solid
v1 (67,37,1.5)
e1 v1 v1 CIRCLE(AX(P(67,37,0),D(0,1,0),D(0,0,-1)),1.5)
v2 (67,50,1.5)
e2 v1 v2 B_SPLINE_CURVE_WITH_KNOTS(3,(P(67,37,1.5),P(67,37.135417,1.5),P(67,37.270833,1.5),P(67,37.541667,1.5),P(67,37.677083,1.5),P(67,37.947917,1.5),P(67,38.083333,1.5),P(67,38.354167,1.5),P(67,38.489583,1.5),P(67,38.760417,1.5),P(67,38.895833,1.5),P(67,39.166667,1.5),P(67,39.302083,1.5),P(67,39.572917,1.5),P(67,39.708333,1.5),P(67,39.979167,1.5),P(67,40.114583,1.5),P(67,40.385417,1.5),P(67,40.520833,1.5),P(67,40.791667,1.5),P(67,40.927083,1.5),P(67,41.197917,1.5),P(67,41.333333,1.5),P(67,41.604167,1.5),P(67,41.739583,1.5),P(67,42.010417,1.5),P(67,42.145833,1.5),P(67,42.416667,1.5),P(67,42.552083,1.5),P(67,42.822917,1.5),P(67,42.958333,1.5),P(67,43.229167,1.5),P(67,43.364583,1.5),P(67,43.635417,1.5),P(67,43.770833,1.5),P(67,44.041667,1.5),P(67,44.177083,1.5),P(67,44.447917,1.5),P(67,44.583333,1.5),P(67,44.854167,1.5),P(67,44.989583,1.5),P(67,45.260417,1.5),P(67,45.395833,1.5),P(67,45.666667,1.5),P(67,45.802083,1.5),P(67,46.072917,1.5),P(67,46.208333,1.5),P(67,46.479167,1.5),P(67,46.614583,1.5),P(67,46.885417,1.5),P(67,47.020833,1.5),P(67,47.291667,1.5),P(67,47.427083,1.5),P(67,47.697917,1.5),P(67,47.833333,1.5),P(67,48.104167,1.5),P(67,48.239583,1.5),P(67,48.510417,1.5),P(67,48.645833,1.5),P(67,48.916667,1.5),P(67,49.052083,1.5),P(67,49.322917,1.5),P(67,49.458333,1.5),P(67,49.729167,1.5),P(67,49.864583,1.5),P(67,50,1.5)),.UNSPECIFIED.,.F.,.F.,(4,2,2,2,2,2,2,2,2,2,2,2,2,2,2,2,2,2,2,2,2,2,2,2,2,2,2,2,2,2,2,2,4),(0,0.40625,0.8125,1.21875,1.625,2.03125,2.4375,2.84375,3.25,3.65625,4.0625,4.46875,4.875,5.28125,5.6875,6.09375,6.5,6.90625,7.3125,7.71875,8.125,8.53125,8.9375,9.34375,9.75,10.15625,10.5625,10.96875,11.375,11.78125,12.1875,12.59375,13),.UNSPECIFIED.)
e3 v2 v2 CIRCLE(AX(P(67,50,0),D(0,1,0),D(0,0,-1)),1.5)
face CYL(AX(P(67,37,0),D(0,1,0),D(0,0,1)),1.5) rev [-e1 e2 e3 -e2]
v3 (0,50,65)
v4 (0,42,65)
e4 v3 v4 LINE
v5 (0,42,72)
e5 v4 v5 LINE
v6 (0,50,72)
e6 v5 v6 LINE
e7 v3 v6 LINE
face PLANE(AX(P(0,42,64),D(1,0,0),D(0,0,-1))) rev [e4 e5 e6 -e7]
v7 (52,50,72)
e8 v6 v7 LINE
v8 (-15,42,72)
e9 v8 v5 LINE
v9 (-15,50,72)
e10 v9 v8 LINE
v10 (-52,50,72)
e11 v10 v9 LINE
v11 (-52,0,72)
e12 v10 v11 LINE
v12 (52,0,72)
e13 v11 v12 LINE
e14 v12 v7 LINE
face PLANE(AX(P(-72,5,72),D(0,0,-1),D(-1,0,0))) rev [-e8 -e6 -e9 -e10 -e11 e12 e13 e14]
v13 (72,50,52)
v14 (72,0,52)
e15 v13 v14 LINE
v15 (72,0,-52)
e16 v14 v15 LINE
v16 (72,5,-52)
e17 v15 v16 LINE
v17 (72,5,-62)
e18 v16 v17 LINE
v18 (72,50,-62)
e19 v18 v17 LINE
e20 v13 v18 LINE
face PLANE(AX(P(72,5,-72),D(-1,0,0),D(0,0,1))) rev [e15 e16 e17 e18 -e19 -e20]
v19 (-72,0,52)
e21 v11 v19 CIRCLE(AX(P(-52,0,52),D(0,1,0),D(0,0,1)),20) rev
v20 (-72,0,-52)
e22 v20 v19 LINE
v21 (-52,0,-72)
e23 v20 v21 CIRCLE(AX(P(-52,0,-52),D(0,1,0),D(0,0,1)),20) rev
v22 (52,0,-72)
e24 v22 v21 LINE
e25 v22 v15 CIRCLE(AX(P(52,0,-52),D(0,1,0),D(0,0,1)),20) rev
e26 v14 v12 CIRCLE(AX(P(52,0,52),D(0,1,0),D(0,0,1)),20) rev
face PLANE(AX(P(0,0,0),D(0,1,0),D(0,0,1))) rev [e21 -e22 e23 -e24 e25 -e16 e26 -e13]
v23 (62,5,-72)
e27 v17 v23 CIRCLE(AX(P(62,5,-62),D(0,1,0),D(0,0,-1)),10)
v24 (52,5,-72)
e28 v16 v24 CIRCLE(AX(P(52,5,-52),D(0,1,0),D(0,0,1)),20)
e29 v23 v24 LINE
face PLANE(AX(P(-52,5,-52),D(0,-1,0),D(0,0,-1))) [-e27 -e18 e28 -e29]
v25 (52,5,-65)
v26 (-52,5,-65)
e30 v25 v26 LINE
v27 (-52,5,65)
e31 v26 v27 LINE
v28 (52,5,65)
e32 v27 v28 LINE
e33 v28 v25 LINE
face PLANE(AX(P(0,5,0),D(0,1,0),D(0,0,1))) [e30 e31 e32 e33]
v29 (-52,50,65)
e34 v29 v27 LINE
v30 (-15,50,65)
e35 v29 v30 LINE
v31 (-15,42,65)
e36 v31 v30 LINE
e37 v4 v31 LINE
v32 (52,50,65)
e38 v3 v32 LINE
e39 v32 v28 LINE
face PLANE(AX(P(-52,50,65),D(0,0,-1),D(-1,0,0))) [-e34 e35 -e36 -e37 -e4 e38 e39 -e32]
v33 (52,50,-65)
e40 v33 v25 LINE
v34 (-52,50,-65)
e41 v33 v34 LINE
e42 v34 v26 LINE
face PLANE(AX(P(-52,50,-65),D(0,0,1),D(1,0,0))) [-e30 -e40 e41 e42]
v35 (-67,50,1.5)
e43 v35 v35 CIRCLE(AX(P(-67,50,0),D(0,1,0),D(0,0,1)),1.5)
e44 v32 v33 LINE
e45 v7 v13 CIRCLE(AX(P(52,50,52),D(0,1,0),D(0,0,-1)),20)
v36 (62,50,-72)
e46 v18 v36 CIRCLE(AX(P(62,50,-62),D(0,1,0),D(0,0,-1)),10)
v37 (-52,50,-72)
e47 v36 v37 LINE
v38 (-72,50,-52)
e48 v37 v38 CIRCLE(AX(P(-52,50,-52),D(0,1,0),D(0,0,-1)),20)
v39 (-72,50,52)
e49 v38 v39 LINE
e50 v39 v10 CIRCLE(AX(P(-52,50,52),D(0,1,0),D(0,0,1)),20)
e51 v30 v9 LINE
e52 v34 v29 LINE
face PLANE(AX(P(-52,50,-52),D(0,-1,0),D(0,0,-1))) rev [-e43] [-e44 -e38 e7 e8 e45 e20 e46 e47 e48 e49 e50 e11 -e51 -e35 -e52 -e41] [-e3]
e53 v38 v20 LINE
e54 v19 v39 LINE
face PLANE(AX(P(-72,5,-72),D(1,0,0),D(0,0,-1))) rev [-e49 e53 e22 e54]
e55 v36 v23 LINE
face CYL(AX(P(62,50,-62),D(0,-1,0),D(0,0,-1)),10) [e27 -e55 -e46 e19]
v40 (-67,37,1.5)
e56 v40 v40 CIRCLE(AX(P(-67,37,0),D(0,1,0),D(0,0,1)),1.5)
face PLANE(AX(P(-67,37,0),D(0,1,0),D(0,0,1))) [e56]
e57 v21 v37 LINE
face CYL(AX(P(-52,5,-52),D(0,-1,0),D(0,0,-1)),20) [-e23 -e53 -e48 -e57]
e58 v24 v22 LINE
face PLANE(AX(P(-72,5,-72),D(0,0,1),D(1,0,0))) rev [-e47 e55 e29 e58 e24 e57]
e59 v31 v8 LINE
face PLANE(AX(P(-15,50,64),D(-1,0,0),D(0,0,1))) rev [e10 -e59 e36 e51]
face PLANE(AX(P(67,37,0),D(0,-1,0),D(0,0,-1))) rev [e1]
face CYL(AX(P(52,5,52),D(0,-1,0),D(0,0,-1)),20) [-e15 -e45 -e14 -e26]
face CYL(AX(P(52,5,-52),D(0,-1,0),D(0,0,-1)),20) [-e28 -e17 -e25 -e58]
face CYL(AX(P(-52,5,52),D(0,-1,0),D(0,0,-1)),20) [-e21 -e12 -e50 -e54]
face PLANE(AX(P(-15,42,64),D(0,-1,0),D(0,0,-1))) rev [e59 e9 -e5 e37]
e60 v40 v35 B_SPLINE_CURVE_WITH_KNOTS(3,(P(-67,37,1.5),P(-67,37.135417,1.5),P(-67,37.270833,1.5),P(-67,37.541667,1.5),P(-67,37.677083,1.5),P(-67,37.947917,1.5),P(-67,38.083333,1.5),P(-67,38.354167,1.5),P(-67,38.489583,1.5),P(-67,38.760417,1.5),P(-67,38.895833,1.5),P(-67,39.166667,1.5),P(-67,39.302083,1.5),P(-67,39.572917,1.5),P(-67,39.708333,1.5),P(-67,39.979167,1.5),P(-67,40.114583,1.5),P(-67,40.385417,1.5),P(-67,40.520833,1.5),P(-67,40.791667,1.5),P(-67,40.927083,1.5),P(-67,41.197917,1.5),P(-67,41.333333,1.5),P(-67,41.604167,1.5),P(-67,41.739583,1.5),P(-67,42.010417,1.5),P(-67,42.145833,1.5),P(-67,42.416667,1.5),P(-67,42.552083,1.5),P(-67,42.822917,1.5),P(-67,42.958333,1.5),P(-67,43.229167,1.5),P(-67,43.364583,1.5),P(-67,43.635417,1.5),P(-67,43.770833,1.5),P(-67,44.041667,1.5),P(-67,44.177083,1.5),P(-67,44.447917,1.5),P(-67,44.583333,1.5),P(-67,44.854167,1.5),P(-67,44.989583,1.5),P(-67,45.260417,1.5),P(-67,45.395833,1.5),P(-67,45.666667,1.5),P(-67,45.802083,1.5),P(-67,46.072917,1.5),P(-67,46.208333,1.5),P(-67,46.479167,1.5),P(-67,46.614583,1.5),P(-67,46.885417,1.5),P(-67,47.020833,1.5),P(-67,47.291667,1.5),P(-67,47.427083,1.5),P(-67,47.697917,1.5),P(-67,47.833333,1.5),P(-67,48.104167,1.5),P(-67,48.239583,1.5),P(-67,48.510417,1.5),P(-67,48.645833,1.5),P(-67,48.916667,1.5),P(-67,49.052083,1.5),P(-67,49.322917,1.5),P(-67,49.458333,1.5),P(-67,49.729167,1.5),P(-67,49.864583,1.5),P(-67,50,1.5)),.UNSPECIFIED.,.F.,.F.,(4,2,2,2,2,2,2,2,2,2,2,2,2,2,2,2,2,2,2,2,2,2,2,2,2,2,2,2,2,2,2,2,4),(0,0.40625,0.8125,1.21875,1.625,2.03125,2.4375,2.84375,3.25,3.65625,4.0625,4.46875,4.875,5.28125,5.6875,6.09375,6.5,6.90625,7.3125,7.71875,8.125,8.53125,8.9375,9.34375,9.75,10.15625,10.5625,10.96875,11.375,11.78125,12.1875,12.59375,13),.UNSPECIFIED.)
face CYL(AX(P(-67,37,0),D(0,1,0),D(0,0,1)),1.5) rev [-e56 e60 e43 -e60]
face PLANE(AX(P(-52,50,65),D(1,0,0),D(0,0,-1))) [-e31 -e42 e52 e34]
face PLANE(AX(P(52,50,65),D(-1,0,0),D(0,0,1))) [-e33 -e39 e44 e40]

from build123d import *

# Parameters (mm, degrees)
SKETCH1_W           = 144
SKETCH1_H           = 144
BOSS_EXTRUDE1_DEPTH = 5
FILLET1_R           = 20
BOSS_EXTRUDE2_START = 45
SKETCH2_W           = 104
SKETCH2_H           = 130
BOSS_EXTRUDE2_DEPTH = 45
SKETCH3_R           = 1.5
CUT_EXTRUDE1_DEPTH  = 13
SKETCH5_W           = 15
SKETCH5_H           = 8
CUT_EXTRUDE2_DEPTH  = 8


with BuildPart() as part:
    # Sketch1 → Boss-Extrude1 (new body)
    with BuildSketch(Plane(origin=(0, 0, 0), x_dir=(1, 0, 0), z_dir=(0, 1, 0))):
        Rectangle(SKETCH1_W, SKETCH1_H)
    extrude(amount=BOSS_EXTRUDE1_DEPTH)

    # Fillet1
    fillet1_edges = [part.edges().sort_by_distance(p)[0] for p in [
        (72, 2.5, 72),
        (-72, 2.5, 72),
        (-72, 2.5, -72),
        (72, 2.5, -72),
    ]]
    fillet(fillet1_edges, radius=FILLET1_R)

    # Sketch2 → Boss-Extrude2 (add)
    with BuildSketch(Plane(origin=(0, 5, 0), x_dir=(1, 0, 0), z_dir=(0, 1, 0)).offset(BOSS_EXTRUDE2_START)):
        with BuildLine():
            Line((-72, 52), (-72, -52))
            ThreePointArc((-72, -52), (-66.142135624, -66.142135624), (-52, -72))
            Line((-52, -72), (52, -72))
            ThreePointArc((52, -72), (66.142135624, -66.142135624), (72, -52))
            Line((72, -52), (72, 62))
            ThreePointArc((72, 62), (69.071067812, 69.071067812), (62, 72))
            Line((62, 72), (-52, 72))
            ThreePointArc((-52, 72), (-66.142135624, 66.142135624), (-72, 52))
        make_face()
        Rectangle(SKETCH2_W, SKETCH2_H, mode=Mode.SUBTRACT)
    extrude(amount=-BOSS_EXTRUDE2_DEPTH)

    # Sketch3 → Cut-Extrude1 (cut)
    with BuildSketch(Plane(origin=(0, 50, 0), x_dir=(1, 0, 0), z_dir=(0, 1, 0))):
        with Locations(Location((-67, 0, 0), (0, 0, 270))):
            Circle(SKETCH3_R)
        with Locations(Location((67, 0, 0), (0, 0, 270))):
            Circle(SKETCH3_R)
    extrude(amount=-CUT_EXTRUDE1_DEPTH, mode=Mode.SUBTRACT)

    # Sketch5 → Cut-Extrude2 (cut)
    with BuildSketch(Plane.XY.offset(72)):
        with Locations((-7.5, 46)):
            Rectangle(SKETCH5_W, SKETCH5_H)
    extrude(amount=-CUT_EXTRUDE2_DEPTH, mode=Mode.SUBTRACT)


solid = part.part
